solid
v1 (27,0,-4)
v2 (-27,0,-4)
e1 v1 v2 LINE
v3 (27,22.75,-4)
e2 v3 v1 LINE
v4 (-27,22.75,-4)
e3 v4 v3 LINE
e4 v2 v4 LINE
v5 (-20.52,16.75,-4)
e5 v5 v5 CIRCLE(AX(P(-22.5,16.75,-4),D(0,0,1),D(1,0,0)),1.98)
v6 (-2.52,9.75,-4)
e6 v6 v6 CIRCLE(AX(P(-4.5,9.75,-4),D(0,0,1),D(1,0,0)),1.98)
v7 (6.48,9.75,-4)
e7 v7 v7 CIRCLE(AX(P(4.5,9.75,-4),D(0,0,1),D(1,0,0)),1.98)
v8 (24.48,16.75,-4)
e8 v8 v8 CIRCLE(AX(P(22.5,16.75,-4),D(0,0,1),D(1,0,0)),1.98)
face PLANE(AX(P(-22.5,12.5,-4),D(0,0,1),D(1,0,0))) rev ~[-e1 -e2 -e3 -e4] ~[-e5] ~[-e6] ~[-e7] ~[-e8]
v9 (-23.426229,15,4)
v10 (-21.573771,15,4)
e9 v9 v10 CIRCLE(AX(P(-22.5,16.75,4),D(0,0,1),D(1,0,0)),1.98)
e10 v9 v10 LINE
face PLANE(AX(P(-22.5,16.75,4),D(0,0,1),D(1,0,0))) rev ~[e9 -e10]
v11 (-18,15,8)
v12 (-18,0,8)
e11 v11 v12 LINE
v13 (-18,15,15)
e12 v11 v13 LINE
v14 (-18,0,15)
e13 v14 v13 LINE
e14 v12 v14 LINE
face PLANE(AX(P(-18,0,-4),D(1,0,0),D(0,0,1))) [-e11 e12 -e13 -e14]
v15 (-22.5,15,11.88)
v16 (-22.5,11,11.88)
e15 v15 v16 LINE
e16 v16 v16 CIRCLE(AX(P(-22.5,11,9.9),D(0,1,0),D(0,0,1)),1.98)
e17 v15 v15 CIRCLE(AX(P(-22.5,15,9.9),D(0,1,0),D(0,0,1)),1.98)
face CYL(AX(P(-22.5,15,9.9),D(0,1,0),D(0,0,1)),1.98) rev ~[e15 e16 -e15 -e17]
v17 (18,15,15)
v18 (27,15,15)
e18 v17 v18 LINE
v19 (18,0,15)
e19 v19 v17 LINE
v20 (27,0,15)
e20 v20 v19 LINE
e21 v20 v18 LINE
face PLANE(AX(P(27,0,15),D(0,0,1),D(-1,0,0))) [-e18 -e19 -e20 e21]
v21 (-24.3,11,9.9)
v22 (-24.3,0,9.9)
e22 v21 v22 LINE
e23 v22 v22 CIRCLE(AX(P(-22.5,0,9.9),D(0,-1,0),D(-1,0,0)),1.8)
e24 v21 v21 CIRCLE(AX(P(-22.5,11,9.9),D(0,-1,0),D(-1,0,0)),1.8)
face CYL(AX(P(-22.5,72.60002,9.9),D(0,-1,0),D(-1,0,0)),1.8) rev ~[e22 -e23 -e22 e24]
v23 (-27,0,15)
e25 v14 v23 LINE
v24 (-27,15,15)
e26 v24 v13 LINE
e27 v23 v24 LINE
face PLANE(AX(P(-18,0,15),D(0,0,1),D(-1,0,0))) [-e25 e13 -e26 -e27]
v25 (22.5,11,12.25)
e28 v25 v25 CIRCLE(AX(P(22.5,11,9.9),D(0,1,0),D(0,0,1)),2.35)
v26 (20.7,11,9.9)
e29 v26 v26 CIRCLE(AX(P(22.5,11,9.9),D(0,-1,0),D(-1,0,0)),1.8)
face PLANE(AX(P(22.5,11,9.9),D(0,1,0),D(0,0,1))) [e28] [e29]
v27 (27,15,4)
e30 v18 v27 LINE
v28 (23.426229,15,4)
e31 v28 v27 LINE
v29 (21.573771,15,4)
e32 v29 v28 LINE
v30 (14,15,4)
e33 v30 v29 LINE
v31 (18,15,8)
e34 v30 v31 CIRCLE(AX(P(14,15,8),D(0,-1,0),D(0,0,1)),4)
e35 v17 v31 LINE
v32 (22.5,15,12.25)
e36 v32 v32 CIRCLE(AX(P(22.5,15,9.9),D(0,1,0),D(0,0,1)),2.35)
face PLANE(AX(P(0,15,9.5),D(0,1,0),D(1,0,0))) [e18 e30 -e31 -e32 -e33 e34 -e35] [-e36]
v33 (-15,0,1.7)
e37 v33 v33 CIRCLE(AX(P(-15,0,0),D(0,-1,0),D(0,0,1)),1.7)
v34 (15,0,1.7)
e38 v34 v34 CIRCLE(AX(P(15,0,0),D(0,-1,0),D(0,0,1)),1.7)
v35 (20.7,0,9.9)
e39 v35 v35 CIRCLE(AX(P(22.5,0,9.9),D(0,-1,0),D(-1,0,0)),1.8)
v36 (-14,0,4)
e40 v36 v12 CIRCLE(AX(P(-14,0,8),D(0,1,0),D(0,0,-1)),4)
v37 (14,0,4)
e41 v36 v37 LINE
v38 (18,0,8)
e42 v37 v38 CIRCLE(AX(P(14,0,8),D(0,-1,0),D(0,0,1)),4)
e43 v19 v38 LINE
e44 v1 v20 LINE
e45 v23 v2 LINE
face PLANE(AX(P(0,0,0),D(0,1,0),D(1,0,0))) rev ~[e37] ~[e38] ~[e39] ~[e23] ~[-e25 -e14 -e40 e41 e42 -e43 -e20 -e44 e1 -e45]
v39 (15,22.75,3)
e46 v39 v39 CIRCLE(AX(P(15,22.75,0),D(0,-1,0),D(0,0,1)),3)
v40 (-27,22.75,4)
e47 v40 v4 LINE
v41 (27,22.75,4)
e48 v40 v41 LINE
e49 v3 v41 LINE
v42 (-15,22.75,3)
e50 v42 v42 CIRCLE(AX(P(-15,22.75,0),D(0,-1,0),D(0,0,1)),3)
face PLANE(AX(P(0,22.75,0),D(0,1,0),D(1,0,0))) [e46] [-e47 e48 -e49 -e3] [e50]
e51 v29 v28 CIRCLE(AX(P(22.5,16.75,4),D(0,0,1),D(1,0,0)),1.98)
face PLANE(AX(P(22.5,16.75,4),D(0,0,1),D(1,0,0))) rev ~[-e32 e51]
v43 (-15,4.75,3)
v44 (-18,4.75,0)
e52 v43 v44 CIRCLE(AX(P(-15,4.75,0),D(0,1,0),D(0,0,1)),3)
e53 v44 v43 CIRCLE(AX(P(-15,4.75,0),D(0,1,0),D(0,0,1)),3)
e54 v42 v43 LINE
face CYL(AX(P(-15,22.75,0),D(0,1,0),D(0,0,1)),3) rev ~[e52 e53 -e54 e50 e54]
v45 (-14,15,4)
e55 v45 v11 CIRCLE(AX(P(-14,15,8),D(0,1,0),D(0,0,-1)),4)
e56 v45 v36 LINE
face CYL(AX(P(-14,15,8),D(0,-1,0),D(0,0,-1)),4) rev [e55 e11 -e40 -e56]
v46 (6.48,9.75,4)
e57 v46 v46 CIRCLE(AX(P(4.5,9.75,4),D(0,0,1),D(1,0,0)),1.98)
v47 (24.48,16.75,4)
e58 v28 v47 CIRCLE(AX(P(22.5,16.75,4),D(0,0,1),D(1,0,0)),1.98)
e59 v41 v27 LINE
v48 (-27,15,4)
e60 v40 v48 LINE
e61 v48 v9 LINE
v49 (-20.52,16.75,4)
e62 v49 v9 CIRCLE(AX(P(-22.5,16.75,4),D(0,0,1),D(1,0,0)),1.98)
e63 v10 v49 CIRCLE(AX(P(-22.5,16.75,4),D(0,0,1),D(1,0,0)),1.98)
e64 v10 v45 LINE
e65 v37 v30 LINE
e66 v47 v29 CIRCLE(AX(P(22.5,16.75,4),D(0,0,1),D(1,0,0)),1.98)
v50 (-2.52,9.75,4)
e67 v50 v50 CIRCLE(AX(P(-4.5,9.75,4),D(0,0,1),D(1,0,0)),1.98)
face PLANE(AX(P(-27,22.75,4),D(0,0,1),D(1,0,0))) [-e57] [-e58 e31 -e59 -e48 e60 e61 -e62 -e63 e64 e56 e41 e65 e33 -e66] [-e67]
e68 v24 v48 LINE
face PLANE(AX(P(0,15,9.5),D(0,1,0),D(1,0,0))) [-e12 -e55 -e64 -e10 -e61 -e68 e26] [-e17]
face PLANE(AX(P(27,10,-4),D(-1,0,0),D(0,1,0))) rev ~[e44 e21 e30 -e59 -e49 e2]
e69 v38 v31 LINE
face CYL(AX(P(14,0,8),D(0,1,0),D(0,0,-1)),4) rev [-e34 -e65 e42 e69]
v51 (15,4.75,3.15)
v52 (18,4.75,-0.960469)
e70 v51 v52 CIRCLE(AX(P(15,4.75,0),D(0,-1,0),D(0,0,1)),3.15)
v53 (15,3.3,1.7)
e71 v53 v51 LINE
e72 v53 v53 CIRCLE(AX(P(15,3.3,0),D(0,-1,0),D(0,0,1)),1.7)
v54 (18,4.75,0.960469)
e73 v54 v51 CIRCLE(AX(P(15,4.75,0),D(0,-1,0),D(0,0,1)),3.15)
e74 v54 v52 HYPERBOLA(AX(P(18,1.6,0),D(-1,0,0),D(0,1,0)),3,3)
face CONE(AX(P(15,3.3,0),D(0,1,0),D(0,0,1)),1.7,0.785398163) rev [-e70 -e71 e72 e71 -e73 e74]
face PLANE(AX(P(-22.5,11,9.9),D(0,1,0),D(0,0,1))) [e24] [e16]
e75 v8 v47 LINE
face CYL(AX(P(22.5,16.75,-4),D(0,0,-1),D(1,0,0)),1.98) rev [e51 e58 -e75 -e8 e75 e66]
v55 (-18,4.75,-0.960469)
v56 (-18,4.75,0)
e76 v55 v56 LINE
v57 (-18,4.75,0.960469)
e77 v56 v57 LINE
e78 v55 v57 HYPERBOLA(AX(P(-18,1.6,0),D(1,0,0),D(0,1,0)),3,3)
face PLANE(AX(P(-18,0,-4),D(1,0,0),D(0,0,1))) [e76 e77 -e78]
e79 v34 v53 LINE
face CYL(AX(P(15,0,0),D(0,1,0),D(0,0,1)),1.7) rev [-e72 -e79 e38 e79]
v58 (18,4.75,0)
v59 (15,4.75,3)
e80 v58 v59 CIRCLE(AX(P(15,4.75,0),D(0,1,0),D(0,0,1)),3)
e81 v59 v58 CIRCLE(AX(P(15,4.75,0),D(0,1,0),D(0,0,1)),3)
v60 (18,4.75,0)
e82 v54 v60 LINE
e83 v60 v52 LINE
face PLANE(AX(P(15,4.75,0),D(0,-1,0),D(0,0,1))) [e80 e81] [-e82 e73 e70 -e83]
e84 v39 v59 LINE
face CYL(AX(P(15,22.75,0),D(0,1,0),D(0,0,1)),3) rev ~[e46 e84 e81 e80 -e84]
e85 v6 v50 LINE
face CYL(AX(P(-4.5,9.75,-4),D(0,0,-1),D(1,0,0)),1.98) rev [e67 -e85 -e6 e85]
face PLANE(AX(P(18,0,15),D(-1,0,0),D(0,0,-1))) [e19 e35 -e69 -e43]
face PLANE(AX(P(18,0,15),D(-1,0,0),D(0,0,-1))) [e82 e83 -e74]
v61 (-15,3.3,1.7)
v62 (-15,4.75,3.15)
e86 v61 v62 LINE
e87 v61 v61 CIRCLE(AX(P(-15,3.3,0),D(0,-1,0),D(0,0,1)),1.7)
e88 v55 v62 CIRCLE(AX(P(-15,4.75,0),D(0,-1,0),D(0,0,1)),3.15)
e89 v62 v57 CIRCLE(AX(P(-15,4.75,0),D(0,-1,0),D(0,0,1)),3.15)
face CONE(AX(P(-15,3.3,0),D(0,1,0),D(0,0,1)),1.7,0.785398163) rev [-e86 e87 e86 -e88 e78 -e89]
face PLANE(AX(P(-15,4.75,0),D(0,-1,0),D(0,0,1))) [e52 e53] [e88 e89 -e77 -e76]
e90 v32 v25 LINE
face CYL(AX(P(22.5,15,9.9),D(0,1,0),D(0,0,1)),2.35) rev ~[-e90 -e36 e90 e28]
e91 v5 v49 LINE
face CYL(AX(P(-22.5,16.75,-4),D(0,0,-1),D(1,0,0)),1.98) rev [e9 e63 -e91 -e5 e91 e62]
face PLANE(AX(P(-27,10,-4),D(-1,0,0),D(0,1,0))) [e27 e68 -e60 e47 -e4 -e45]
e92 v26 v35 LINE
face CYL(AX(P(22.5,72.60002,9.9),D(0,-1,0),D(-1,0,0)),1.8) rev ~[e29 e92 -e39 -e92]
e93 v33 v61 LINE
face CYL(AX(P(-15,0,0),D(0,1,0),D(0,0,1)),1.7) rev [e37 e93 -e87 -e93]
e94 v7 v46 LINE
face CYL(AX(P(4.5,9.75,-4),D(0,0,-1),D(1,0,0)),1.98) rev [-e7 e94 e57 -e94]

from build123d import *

# Parameters (mm, degrees)
SKETCH1_W                                    = 38
SKETCH1_H                                    = 8
BOSS_EXTRUDE1_DEPTH                          = 22.75
SKETCH9_W                                    = 9
SKETCH9_H                                    = 5
BOSS_EXTRUDE2_DEPTH                          = 19
SKETCH8_R                                    = 3
CUT_EXTRUDE1_DEPTH                           = 18
CSK_FOR_M3_COUNTERSUNK_FLAT_HEAD_SCR_2_COUNT = 2
CSK_FOR_M3_COUNTERSUNK_FLAT_HEAD_SCR_2_PITCH = 30
FILLET1_R                                    = 2
BOSS_EXTRUDE3_DEPTH                          = 22.75
SKETCH16_R                                   = 1.98
CUT_EXTRUDE4_DEPTH                           = 8
SKETCH14_W                                   = 54
SKETCH14_H                                   = 11
CUT_EXTRUDE6_DEPTH                           = 7.75
SKETCH15_R                                   = 1.98
SKETCH15_R_2                                 = 2.35
CUT_EXTRUDE7_DEPTH                           = 4
M3_CLEARANCE_HOLE2_D                         = 3.6
FILLET2_R                                    = 4


with BuildPart() as part:
    # Sketch1 → Boss-Extrude1 (new body)
    with BuildSketch(Plane(origin=(0, 0, 0), x_dir=(1, 0, 0), z_dir=(0, 1, 0))):
        Rectangle(SKETCH1_W, SKETCH1_H)
    extrude(amount=BOSS_EXTRUDE1_DEPTH)

    # Sketch9 → Boss-Extrude2 (add)
    with BuildSketch(Plane.XY.offset(-4)):
        with Locations((-22.5, 12.5)):
            Rectangle(SKETCH9_W, SKETCH9_H)
        with Locations((22.5, 12.5)):
            Rectangle(SKETCH9_W, SKETCH9_H)
    extrude(amount=BOSS_EXTRUDE2_DEPTH)

    # Sketch8 → Cut-Extrude1 (cut)
    with BuildSketch(Plane(origin=(0, 22.75, 0), x_dir=(1, 0, 0), z_dir=(0, 1, 0))):
        with Locations(Location((-15, 0, 0), (0, 0, 270))):
            Circle(SKETCH8_R)
        with Locations(Location((15, 0, 0), (0, 0, 270))):
            Circle(SKETCH8_R)
    extrude(amount=-CUT_EXTRUDE1_DEPTH, mode=Mode.SUBTRACT)

    # Sketch4 → CSK for M3 Countersunk Flat Head Screw1 (revolve, cut)
    with BuildSketch(Plane(origin=(-15, 4.75, 0), x_dir=(0, 0, 1), z_dir=(1, 0, 0))):
        Polygon((0, 0), (0, 4.75), (1.7, 4.75), (1.7, 1.45), (3.15, 0), align=None)
    csk_for_m3_countersunk_flat_head_screw1 = revolve(axis=Axis((-15, 11.1, 0), (0, -1, 0)), mode=Mode.SUBTRACT)

    # CSK for M3 Countersunk Flat Head Scr 2: CSK for M3 Countersunk Flat Head Screw1 ×2
    with Locations(*[(i * CSK_FOR_M3_COUNTERSUNK_FLAT_HEAD_SCR_2_PITCH, 0, 0) for i in range(1, CSK_FOR_M3_COUNTERSUNK_FLAT_HEAD_SCR_2_COUNT)]):
        add(csk_for_m3_countersunk_flat_head_screw1, mode=Mode.SUBTRACT)

    # Fillet1
    fillet1_edges = [part.edges().sort_by_distance(p)[0] for p in [
        (-27, 12.5, 15),
        (-18, 12.5, 15),
        (27, 12.5, 15),
        (18, 12.5, 15),
    ]]
    fillet(fillet1_edges, radius=FILLET1_R)

    # Sketch13 → Boss-Extrude3 (add)
    with BuildSketch(Plane(origin=(0, 0, 0), x_dir=(-1, 0, 0), z_dir=(0, -1, 0))):
        Polygon((-18, -4), (-18, 4), (-27, 4), (-27, -4), (-27, -15), (-18, -15), align=None)
        Polygon((27, 4), (18, 4), (18, -4), (18, -15), (27, -15), (27, -4), align=None)
    extrude(amount=-BOSS_EXTRUDE3_DEPTH)

    # Sketch16 → Cut-Extrude4 (cut)
    with BuildSketch(Plane.XY.offset(-4)):
        with Locations((-22.5, 16.75)):
            Circle(SKETCH16_R)
        with Locations((-4.5, 9.75)):
            Circle(SKETCH16_R)
        with Locations((4.5, 9.75)):
            Circle(SKETCH16_R)
        with Locations((22.5, 16.75)):
            Circle(SKETCH16_R)
    extrude(amount=CUT_EXTRUDE4_DEPTH, mode=Mode.SUBTRACT)

    # Sketch14 → Cut-Extrude6 (cut)
    with BuildSketch(Plane(origin=(0, 22.75, 0), x_dir=(1, 0, 0), z_dir=(0, 1, 0))):
        with Locations((0, -9.5)):
            Rectangle(SKETCH14_W, SKETCH14_H)
    extrude(amount=-CUT_EXTRUDE6_DEPTH, mode=Mode.SUBTRACT)

    # Sketch15 → Cut-Extrude7 (cut)
    with BuildSketch(Plane(origin=(0, 15, 0), x_dir=(1, 0, 0), z_dir=(0, 1, 0))):
        with Locations(Location((-22.5, -9.9, 0), (0, 0, 270))):
            Circle(SKETCH15_R)
        with Locations(Location((22.5, -9.9, 0), (0, 0, 270))):
            Circle(SKETCH15_R_2)
    extrude(amount=-CUT_EXTRUDE7_DEPTH, mode=Mode.SUBTRACT)

    # M3 Clearance Hole2 (through all)
    with Locations(Plane(origin=(0, 11, 0), x_dir=(1, 0, 0), z_dir=(0, 1, 0))):
        with Locations((-22.5, -9.9), (22.5, -9.9)):
            Hole(M3_CLEARANCE_HOLE2_D / 2)

    # Fillet2
    fillet2_edges = [part.edges().sort_by_distance(p)[0] for p in [
        (-18, 7.5, 4),
        (18, 7.5, 4),
    ]]
    fillet(fillet2_edges, radius=FILLET2_R)


solid = part.part
